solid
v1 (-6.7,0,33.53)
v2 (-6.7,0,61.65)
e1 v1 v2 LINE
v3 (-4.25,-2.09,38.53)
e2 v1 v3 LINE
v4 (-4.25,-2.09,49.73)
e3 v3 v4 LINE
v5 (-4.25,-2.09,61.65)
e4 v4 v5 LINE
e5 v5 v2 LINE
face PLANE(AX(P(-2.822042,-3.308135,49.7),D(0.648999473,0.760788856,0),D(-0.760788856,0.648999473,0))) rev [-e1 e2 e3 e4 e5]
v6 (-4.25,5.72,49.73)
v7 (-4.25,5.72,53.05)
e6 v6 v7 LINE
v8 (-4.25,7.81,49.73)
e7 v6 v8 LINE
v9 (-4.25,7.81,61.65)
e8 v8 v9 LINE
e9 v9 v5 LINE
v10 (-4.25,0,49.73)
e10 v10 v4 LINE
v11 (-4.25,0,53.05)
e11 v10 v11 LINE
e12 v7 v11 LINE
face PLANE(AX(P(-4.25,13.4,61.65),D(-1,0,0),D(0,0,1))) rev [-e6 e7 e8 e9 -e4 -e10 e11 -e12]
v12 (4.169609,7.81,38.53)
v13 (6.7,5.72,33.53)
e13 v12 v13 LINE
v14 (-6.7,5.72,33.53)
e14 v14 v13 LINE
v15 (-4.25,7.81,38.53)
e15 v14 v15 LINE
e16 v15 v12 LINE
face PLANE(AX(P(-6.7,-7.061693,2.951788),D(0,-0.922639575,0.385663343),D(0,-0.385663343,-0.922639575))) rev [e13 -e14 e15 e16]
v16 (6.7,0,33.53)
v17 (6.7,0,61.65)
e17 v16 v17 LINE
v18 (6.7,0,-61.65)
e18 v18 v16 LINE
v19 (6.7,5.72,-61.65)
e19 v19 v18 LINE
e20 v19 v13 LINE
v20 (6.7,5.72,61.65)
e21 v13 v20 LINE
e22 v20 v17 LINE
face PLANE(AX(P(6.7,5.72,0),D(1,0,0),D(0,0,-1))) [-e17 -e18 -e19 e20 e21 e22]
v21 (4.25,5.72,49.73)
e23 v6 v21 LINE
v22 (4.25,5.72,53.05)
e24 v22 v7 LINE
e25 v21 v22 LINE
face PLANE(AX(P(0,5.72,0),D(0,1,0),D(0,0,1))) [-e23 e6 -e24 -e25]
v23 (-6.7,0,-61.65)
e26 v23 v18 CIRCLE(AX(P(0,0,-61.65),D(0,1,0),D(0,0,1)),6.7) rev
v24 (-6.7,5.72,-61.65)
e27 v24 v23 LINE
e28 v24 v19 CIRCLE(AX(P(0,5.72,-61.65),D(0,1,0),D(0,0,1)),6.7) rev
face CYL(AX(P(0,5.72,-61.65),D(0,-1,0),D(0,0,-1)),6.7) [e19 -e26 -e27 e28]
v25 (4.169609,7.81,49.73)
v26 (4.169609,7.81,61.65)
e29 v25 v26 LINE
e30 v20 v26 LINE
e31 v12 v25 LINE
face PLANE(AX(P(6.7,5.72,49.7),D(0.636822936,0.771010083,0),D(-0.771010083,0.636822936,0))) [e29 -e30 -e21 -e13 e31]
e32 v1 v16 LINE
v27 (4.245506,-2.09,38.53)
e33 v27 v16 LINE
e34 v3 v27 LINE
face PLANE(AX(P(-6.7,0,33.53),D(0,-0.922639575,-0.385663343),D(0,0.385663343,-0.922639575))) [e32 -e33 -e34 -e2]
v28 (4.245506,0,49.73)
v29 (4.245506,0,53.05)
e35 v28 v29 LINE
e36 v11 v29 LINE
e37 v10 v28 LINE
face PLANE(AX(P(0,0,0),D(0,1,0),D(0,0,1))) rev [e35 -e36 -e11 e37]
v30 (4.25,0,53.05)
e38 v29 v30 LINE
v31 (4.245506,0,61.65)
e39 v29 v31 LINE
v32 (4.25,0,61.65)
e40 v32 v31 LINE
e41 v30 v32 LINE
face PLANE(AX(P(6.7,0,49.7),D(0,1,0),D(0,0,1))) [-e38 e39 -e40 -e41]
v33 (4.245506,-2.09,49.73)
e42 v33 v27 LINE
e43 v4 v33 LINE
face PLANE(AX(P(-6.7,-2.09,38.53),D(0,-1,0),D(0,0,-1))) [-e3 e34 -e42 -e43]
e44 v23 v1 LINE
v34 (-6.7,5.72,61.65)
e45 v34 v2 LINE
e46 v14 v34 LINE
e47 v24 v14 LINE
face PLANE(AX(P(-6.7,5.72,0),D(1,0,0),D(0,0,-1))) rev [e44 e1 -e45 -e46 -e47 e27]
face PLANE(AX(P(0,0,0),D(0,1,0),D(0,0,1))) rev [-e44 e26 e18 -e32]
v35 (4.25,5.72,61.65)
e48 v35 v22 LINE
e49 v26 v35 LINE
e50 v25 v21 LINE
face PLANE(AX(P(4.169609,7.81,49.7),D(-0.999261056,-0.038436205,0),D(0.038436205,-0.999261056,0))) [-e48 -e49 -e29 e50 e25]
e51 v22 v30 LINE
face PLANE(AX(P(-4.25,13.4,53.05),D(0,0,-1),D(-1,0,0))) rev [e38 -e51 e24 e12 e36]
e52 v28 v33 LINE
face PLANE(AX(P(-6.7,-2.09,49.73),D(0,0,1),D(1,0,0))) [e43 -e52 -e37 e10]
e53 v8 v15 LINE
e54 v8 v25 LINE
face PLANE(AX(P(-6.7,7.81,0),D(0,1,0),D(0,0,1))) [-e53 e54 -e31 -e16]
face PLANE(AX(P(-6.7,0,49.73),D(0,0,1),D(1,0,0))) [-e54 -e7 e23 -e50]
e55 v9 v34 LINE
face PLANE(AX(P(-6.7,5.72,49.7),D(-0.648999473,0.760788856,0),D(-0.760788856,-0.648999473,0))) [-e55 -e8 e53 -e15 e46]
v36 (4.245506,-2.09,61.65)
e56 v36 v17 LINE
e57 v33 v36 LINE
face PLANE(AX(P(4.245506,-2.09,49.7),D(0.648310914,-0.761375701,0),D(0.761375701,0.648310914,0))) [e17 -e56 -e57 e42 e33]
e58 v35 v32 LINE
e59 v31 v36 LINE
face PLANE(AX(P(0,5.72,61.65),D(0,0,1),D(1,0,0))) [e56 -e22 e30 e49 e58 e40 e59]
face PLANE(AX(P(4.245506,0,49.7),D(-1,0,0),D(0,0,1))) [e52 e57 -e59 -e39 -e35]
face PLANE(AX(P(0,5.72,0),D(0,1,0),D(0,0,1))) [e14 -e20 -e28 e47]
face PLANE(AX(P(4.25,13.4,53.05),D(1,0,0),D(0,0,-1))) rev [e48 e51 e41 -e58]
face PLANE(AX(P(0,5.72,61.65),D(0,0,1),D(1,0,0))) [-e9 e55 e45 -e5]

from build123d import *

# Parameters (mm, degrees)
SKETCH1_W           = 13.4
SKETCH1_H           = 123.3
BOSS_EXTRUDE1_DEPTH = 5.72
BOSS_EXTRUDE2_DEPTH = 13.4
BOSS_EXTRUDE3_DEPTH = 13.4
SKETCH5_W           = 8.5
SKETCH5_H           = 8.6
CUT_EXTRUDE1_DEPTH  = 13.4
BOSS_EXTRUDE4_DEPTH = 11.95
BOSS_EXTRUDE5_DEPTH = 11.95
CUT_EXTRUDE3_DEPTH  = 16.5
BOSS_EXTRUDE6_DEPTH = 11.95
CUT_EXTRUDE6_DEPTH  = 16.6
CUT_EXTRUDE7_DEPTH  = 16.6
BOSS_EXTRUDE7_DEPTH = 11.95
CUT_EXTRUDE8_DEPTH  = 16.6


with BuildPart() as part:
    # Sketch1 → Boss-Extrude1 (new body)
    with BuildSketch(Plane(origin=(0, 0, 0), x_dir=(1, 0, 0), z_dir=(0, 1, 0))):
        Rectangle(SKETCH1_W, SKETCH1_H)
        with BuildLine():
            ThreePointArc((-6.7, 61.65), (0, 68.35), (6.7, 61.65))
            Line((6.7, 61.65), (-6.7, 61.65))
        make_face()
    extrude(amount=BOSS_EXTRUDE1_DEPTH)

    # Sketch3 → Boss-Extrude2 (add)
    with BuildSketch(Plane(origin=(6.7, 0, 0), x_dir=(0, 0, -1), z_dir=(1, 0, 0))):
        Polygon((-49.73, 7.81), (-49.73, 5.72), (-33.53, 5.72), (-38.53, 7.81), align=None)
    extrude(amount=-BOSS_EXTRUDE2_DEPTH)

    # Sketch4 → Boss-Extrude3 (add)
    with BuildSketch(Plane(origin=(6.7, 0, 0), x_dir=(0, 0, -1), z_dir=(1, 0, 0))):
        Polygon((-49.73, 0), (-33.53, 0), (-38.53, -2.09), (-49.73, -2.09), align=None)
    extrude(amount=-BOSS_EXTRUDE3_DEPTH)

    # Sketch5 → Cut-Extrude1 (cut)
    with BuildSketch(Plane.XZ):
        with Locations((0, 57.35)):
            Rectangle(SKETCH5_W, SKETCH5_H)
    extrude(amount=-CUT_EXTRUDE1_DEPTH, mode=Mode.SUBTRACT)

    # Sketch6 → Boss-Extrude4 (add)
    with BuildSketch(Plane.XY.offset(61.65)):
        Polygon((-4.25, 5.72), (-6.7, 5.72), (-4.25, 7.81), align=None)
    extrude(amount=-BOSS_EXTRUDE4_DEPTH)

    # Sketch8 → Boss-Extrude5 (add)
    with BuildSketch(Plane.XY.offset(61.65)):
        Polygon((6.7, 5.72), (4.169608926, 7.81), (4.25, 5.72), align=None)
    extrude(amount=-BOSS_EXTRUDE5_DEPTH)

    # Sketch10 → Cut-Extrude3 (cut)
    with BuildSketch(Plane.XY.offset(49.73)):
        Polygon((-6.7, 7.81), (-6.7, 5.72), (-4.25, 7.81), align=None)
    extrude(amount=-CUT_EXTRUDE3_DEPTH, mode=Mode.SUBTRACT)

    # Sketch11 → Boss-Extrude6 (add)
    with BuildSketch(Plane.XY.offset(61.65)):
        Polygon((4.245506051, 0), (4.245506051, -2.09), (6.7, 0), align=None)
    extrude(amount=-BOSS_EXTRUDE6_DEPTH)

    # Sketch13 → Cut-Extrude6 (cut)
    with BuildSketch(Plane.XY.offset(49.73)):
        Polygon((6.7, 0), (4.245506051, -2.09), (6.7, -2.09), align=None)
    extrude(amount=-CUT_EXTRUDE6_DEPTH, mode=Mode.SUBTRACT)

    # Sketch14 → Cut-Extrude7 (cut)
    with BuildSketch(Plane.XY.offset(49.73)):
        Polygon((4.169608926, 7.81), (6.7, 7.81), (6.7, 5.72), align=None)
    extrude(amount=-CUT_EXTRUDE7_DEPTH, mode=Mode.SUBTRACT)

    # Sketch15 → Boss-Extrude7 (add)
    with BuildSketch(Plane.XY.offset(61.65)):
        Polygon((-4.25, -2.09), (-6.7, 0), (-4.25, 0), align=None)
    extrude(amount=-BOSS_EXTRUDE7_DEPTH)

    # Sketch16 → Cut-Extrude8 (cut)
    with BuildSketch(Plane.XY.offset(49.73)):
        Polygon((-6.7, 0), (-6.7, -2.09), (-4.25, -2.09), align=None)
    extrude(amount=-CUT_EXTRUDE8_DEPTH, mode=Mode.SUBTRACT)


solid = part.part
